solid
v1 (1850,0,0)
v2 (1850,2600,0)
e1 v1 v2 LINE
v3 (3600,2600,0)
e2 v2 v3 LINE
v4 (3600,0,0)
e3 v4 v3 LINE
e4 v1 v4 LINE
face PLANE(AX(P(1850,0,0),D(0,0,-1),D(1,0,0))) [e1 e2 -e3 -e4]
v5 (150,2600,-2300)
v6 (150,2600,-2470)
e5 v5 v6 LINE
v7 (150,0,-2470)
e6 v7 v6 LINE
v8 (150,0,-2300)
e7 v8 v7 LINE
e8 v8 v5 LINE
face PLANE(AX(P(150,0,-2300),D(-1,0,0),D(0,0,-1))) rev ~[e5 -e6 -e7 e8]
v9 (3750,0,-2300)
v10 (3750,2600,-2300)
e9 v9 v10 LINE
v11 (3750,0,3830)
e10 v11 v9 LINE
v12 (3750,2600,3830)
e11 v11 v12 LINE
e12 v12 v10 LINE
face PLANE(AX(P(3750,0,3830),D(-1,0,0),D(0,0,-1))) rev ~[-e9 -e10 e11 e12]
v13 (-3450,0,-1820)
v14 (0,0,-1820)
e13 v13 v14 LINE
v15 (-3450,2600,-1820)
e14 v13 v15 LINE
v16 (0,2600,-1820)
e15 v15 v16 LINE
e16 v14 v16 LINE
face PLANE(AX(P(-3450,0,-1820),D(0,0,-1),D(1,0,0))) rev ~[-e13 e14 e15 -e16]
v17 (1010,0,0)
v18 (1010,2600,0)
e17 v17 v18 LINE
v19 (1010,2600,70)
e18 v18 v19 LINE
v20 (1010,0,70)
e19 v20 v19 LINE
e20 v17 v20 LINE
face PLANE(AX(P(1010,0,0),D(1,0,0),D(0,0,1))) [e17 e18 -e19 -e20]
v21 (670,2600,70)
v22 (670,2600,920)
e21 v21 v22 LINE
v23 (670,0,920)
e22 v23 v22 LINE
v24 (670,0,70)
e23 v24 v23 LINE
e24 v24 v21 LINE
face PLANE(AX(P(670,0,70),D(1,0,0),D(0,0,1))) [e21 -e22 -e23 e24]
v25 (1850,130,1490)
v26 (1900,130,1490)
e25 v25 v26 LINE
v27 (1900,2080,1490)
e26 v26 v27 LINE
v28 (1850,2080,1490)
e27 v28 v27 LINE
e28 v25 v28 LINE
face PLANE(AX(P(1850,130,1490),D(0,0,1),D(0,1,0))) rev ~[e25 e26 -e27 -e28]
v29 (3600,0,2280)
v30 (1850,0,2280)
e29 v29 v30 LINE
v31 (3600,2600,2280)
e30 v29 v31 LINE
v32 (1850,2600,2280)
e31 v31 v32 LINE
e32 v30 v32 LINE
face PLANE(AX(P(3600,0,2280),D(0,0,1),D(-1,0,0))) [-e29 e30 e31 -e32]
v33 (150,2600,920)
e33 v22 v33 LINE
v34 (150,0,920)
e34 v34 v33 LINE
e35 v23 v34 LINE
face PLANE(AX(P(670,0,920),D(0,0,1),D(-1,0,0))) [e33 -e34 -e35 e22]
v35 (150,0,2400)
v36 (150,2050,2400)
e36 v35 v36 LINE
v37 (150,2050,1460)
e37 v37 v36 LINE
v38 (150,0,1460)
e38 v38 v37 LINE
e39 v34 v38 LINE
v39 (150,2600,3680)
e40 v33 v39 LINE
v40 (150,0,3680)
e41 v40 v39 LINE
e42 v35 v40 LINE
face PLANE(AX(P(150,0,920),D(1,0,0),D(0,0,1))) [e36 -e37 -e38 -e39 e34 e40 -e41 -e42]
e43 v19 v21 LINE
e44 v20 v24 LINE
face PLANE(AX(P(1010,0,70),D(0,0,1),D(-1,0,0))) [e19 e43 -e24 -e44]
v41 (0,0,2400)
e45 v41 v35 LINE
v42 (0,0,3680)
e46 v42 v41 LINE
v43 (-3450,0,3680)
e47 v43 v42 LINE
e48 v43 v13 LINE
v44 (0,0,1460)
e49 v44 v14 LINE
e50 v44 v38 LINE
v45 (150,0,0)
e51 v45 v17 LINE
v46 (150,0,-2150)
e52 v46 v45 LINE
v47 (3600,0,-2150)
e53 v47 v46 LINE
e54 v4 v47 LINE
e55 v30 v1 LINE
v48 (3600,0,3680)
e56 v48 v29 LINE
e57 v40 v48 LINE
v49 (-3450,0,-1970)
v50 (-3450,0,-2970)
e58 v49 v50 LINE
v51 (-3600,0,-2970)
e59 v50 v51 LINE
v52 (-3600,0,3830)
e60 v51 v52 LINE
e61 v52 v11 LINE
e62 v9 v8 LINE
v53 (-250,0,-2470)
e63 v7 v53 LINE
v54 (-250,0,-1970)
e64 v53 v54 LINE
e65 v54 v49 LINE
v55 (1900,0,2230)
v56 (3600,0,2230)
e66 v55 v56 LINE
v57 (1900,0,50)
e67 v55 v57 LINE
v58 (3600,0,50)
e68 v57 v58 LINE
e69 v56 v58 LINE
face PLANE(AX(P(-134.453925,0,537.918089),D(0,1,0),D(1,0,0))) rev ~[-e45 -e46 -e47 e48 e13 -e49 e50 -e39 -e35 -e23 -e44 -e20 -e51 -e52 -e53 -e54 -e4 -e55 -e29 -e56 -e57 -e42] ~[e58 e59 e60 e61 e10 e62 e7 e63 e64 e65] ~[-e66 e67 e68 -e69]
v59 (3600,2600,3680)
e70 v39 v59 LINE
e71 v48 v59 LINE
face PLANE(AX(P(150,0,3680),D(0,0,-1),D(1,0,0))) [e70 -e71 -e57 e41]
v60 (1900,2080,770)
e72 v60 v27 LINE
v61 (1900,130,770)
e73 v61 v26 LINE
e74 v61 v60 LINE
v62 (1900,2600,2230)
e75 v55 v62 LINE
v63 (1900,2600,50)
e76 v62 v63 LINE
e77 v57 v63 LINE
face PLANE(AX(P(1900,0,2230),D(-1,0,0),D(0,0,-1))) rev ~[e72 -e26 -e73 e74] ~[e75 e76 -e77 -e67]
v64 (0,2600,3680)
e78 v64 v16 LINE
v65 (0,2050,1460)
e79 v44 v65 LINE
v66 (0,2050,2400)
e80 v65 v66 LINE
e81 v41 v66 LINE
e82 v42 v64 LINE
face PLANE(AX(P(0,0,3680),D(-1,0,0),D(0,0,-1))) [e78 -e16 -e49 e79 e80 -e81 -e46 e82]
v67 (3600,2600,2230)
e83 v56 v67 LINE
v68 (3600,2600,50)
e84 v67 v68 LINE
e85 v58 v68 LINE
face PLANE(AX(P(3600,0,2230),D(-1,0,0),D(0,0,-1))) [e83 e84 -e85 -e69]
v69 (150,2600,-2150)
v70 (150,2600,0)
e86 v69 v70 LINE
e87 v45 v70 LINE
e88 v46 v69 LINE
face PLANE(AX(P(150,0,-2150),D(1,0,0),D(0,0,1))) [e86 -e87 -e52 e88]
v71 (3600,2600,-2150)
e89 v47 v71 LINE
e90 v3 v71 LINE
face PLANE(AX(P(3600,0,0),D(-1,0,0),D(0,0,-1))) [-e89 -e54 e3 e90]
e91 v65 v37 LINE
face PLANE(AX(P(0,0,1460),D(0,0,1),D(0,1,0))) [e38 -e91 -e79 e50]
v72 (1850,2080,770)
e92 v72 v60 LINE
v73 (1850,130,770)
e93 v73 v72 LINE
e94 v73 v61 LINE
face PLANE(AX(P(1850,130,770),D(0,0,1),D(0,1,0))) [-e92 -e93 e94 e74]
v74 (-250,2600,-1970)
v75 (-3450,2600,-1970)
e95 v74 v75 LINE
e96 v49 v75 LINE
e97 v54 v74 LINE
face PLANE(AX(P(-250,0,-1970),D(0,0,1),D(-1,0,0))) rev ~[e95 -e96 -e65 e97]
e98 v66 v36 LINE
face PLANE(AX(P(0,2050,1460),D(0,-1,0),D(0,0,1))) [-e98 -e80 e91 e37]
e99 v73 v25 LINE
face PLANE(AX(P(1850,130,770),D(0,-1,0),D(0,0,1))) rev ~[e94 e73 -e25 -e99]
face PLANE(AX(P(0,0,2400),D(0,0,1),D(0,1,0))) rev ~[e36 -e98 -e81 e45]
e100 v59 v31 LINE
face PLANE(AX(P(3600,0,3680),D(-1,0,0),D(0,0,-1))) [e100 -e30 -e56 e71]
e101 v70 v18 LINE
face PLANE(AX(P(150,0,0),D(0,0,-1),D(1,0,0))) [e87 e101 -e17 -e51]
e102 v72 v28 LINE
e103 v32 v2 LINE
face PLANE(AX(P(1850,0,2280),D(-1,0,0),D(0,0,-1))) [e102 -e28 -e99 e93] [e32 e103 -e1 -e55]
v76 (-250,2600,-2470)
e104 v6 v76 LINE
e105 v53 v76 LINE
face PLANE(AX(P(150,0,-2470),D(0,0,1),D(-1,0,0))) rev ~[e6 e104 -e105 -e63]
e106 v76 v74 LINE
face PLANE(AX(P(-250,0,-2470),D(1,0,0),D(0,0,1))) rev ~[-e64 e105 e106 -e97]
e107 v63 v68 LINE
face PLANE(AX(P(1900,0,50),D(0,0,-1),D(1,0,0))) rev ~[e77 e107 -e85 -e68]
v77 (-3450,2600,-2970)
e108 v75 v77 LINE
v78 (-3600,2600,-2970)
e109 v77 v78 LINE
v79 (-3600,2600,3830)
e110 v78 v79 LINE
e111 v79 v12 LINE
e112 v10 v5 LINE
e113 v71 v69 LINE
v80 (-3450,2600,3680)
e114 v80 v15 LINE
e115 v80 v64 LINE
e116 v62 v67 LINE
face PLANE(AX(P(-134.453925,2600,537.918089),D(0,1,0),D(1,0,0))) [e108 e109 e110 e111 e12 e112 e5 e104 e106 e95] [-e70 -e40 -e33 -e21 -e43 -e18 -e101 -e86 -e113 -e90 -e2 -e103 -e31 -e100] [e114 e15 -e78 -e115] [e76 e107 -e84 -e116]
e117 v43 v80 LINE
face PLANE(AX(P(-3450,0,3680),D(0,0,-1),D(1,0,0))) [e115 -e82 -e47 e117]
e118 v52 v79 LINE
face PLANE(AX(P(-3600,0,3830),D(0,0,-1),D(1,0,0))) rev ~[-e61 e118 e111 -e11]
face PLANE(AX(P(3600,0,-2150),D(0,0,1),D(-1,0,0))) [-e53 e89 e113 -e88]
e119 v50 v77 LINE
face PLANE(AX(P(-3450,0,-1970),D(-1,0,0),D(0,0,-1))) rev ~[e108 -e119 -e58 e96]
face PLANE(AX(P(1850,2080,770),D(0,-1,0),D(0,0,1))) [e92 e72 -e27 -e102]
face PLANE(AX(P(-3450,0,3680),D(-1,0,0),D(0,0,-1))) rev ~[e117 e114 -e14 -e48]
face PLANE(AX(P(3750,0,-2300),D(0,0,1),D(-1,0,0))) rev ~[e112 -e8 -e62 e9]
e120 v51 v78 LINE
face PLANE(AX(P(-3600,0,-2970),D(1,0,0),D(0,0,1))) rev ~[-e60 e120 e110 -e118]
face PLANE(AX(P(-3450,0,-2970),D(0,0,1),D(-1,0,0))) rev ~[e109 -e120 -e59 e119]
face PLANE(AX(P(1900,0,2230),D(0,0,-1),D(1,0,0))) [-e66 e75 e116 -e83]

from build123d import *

# Parameters (mm, degrees)
SKETCH_1_W         = 3450
SKETCH_1_H         = 5500
SKETCH_1_W_2       = 1700
SKETCH_1_H_2       = 2180
EXTRUDE_1_DEPTH    = 2600
SKETCH1_W          = 940
SKETCH1_H          = 2050
CUT_EXTRUDE1_DEPTH = 150
SKETCH2_W          = 720
SKETCH2_H          = 1950
CUT_EXTRUDE2_DEPTH = 50


with BuildPart() as part:
    # Эскиз1 → Бобышка-Вытянуть1 (new body)
    with BuildSketch(Plane(origin=(0, 0, 0), x_dir=(1, 0, 0), z_dir=(0, 1, 0))):
        Polygon((-3600, 2970), (-3600, 839.388268919), (-3600, -3830), (3750, -3830), (3750, 2300), (150, 2300), (150, 2470), (-250, 2470), (-250, 1970), (-3450, 1970), (-3450, 2970), align=None)
        with Locations((-1725, -930)):
            Rectangle(SKETCH_1_W, SKETCH_1_H, mode=Mode.SUBTRACT)
        Polygon((150, 2150), (150, 0), (1010, 0), (1010, -70), (670, -70), (670, -920), (150, -920), (150, -3680), (3600, -3680), (3600, -2280), (1850, -2280), (1850, 0), (3600, 0), (3600, 2150), align=None, mode=Mode.SUBTRACT)
        with Locations((2750, -1140)):
            Rectangle(SKETCH_1_W_2, SKETCH_1_H_2, mode=Mode.SUBTRACT)
    extrude(amount=EXTRUDE_1_DEPTH)

    # Sketch1 → Cut-Extrude1 (cut)
    with BuildSketch(Plane.ZY):
        with Locations((1930, 1025)):
            Rectangle(SKETCH1_W, SKETCH1_H)
    extrude(amount=-CUT_EXTRUDE1_DEPTH, mode=Mode.SUBTRACT)

    # Sketch2 → Cut-Extrude2 (cut)
    with BuildSketch(Plane.ZY.offset(-1850)):
        with Locations((1130, 1105)):
            Rectangle(SKETCH2_W, SKETCH2_H)
    extrude(amount=-CUT_EXTRUDE2_DEPTH, mode=Mode.SUBTRACT)


solid = part.part
